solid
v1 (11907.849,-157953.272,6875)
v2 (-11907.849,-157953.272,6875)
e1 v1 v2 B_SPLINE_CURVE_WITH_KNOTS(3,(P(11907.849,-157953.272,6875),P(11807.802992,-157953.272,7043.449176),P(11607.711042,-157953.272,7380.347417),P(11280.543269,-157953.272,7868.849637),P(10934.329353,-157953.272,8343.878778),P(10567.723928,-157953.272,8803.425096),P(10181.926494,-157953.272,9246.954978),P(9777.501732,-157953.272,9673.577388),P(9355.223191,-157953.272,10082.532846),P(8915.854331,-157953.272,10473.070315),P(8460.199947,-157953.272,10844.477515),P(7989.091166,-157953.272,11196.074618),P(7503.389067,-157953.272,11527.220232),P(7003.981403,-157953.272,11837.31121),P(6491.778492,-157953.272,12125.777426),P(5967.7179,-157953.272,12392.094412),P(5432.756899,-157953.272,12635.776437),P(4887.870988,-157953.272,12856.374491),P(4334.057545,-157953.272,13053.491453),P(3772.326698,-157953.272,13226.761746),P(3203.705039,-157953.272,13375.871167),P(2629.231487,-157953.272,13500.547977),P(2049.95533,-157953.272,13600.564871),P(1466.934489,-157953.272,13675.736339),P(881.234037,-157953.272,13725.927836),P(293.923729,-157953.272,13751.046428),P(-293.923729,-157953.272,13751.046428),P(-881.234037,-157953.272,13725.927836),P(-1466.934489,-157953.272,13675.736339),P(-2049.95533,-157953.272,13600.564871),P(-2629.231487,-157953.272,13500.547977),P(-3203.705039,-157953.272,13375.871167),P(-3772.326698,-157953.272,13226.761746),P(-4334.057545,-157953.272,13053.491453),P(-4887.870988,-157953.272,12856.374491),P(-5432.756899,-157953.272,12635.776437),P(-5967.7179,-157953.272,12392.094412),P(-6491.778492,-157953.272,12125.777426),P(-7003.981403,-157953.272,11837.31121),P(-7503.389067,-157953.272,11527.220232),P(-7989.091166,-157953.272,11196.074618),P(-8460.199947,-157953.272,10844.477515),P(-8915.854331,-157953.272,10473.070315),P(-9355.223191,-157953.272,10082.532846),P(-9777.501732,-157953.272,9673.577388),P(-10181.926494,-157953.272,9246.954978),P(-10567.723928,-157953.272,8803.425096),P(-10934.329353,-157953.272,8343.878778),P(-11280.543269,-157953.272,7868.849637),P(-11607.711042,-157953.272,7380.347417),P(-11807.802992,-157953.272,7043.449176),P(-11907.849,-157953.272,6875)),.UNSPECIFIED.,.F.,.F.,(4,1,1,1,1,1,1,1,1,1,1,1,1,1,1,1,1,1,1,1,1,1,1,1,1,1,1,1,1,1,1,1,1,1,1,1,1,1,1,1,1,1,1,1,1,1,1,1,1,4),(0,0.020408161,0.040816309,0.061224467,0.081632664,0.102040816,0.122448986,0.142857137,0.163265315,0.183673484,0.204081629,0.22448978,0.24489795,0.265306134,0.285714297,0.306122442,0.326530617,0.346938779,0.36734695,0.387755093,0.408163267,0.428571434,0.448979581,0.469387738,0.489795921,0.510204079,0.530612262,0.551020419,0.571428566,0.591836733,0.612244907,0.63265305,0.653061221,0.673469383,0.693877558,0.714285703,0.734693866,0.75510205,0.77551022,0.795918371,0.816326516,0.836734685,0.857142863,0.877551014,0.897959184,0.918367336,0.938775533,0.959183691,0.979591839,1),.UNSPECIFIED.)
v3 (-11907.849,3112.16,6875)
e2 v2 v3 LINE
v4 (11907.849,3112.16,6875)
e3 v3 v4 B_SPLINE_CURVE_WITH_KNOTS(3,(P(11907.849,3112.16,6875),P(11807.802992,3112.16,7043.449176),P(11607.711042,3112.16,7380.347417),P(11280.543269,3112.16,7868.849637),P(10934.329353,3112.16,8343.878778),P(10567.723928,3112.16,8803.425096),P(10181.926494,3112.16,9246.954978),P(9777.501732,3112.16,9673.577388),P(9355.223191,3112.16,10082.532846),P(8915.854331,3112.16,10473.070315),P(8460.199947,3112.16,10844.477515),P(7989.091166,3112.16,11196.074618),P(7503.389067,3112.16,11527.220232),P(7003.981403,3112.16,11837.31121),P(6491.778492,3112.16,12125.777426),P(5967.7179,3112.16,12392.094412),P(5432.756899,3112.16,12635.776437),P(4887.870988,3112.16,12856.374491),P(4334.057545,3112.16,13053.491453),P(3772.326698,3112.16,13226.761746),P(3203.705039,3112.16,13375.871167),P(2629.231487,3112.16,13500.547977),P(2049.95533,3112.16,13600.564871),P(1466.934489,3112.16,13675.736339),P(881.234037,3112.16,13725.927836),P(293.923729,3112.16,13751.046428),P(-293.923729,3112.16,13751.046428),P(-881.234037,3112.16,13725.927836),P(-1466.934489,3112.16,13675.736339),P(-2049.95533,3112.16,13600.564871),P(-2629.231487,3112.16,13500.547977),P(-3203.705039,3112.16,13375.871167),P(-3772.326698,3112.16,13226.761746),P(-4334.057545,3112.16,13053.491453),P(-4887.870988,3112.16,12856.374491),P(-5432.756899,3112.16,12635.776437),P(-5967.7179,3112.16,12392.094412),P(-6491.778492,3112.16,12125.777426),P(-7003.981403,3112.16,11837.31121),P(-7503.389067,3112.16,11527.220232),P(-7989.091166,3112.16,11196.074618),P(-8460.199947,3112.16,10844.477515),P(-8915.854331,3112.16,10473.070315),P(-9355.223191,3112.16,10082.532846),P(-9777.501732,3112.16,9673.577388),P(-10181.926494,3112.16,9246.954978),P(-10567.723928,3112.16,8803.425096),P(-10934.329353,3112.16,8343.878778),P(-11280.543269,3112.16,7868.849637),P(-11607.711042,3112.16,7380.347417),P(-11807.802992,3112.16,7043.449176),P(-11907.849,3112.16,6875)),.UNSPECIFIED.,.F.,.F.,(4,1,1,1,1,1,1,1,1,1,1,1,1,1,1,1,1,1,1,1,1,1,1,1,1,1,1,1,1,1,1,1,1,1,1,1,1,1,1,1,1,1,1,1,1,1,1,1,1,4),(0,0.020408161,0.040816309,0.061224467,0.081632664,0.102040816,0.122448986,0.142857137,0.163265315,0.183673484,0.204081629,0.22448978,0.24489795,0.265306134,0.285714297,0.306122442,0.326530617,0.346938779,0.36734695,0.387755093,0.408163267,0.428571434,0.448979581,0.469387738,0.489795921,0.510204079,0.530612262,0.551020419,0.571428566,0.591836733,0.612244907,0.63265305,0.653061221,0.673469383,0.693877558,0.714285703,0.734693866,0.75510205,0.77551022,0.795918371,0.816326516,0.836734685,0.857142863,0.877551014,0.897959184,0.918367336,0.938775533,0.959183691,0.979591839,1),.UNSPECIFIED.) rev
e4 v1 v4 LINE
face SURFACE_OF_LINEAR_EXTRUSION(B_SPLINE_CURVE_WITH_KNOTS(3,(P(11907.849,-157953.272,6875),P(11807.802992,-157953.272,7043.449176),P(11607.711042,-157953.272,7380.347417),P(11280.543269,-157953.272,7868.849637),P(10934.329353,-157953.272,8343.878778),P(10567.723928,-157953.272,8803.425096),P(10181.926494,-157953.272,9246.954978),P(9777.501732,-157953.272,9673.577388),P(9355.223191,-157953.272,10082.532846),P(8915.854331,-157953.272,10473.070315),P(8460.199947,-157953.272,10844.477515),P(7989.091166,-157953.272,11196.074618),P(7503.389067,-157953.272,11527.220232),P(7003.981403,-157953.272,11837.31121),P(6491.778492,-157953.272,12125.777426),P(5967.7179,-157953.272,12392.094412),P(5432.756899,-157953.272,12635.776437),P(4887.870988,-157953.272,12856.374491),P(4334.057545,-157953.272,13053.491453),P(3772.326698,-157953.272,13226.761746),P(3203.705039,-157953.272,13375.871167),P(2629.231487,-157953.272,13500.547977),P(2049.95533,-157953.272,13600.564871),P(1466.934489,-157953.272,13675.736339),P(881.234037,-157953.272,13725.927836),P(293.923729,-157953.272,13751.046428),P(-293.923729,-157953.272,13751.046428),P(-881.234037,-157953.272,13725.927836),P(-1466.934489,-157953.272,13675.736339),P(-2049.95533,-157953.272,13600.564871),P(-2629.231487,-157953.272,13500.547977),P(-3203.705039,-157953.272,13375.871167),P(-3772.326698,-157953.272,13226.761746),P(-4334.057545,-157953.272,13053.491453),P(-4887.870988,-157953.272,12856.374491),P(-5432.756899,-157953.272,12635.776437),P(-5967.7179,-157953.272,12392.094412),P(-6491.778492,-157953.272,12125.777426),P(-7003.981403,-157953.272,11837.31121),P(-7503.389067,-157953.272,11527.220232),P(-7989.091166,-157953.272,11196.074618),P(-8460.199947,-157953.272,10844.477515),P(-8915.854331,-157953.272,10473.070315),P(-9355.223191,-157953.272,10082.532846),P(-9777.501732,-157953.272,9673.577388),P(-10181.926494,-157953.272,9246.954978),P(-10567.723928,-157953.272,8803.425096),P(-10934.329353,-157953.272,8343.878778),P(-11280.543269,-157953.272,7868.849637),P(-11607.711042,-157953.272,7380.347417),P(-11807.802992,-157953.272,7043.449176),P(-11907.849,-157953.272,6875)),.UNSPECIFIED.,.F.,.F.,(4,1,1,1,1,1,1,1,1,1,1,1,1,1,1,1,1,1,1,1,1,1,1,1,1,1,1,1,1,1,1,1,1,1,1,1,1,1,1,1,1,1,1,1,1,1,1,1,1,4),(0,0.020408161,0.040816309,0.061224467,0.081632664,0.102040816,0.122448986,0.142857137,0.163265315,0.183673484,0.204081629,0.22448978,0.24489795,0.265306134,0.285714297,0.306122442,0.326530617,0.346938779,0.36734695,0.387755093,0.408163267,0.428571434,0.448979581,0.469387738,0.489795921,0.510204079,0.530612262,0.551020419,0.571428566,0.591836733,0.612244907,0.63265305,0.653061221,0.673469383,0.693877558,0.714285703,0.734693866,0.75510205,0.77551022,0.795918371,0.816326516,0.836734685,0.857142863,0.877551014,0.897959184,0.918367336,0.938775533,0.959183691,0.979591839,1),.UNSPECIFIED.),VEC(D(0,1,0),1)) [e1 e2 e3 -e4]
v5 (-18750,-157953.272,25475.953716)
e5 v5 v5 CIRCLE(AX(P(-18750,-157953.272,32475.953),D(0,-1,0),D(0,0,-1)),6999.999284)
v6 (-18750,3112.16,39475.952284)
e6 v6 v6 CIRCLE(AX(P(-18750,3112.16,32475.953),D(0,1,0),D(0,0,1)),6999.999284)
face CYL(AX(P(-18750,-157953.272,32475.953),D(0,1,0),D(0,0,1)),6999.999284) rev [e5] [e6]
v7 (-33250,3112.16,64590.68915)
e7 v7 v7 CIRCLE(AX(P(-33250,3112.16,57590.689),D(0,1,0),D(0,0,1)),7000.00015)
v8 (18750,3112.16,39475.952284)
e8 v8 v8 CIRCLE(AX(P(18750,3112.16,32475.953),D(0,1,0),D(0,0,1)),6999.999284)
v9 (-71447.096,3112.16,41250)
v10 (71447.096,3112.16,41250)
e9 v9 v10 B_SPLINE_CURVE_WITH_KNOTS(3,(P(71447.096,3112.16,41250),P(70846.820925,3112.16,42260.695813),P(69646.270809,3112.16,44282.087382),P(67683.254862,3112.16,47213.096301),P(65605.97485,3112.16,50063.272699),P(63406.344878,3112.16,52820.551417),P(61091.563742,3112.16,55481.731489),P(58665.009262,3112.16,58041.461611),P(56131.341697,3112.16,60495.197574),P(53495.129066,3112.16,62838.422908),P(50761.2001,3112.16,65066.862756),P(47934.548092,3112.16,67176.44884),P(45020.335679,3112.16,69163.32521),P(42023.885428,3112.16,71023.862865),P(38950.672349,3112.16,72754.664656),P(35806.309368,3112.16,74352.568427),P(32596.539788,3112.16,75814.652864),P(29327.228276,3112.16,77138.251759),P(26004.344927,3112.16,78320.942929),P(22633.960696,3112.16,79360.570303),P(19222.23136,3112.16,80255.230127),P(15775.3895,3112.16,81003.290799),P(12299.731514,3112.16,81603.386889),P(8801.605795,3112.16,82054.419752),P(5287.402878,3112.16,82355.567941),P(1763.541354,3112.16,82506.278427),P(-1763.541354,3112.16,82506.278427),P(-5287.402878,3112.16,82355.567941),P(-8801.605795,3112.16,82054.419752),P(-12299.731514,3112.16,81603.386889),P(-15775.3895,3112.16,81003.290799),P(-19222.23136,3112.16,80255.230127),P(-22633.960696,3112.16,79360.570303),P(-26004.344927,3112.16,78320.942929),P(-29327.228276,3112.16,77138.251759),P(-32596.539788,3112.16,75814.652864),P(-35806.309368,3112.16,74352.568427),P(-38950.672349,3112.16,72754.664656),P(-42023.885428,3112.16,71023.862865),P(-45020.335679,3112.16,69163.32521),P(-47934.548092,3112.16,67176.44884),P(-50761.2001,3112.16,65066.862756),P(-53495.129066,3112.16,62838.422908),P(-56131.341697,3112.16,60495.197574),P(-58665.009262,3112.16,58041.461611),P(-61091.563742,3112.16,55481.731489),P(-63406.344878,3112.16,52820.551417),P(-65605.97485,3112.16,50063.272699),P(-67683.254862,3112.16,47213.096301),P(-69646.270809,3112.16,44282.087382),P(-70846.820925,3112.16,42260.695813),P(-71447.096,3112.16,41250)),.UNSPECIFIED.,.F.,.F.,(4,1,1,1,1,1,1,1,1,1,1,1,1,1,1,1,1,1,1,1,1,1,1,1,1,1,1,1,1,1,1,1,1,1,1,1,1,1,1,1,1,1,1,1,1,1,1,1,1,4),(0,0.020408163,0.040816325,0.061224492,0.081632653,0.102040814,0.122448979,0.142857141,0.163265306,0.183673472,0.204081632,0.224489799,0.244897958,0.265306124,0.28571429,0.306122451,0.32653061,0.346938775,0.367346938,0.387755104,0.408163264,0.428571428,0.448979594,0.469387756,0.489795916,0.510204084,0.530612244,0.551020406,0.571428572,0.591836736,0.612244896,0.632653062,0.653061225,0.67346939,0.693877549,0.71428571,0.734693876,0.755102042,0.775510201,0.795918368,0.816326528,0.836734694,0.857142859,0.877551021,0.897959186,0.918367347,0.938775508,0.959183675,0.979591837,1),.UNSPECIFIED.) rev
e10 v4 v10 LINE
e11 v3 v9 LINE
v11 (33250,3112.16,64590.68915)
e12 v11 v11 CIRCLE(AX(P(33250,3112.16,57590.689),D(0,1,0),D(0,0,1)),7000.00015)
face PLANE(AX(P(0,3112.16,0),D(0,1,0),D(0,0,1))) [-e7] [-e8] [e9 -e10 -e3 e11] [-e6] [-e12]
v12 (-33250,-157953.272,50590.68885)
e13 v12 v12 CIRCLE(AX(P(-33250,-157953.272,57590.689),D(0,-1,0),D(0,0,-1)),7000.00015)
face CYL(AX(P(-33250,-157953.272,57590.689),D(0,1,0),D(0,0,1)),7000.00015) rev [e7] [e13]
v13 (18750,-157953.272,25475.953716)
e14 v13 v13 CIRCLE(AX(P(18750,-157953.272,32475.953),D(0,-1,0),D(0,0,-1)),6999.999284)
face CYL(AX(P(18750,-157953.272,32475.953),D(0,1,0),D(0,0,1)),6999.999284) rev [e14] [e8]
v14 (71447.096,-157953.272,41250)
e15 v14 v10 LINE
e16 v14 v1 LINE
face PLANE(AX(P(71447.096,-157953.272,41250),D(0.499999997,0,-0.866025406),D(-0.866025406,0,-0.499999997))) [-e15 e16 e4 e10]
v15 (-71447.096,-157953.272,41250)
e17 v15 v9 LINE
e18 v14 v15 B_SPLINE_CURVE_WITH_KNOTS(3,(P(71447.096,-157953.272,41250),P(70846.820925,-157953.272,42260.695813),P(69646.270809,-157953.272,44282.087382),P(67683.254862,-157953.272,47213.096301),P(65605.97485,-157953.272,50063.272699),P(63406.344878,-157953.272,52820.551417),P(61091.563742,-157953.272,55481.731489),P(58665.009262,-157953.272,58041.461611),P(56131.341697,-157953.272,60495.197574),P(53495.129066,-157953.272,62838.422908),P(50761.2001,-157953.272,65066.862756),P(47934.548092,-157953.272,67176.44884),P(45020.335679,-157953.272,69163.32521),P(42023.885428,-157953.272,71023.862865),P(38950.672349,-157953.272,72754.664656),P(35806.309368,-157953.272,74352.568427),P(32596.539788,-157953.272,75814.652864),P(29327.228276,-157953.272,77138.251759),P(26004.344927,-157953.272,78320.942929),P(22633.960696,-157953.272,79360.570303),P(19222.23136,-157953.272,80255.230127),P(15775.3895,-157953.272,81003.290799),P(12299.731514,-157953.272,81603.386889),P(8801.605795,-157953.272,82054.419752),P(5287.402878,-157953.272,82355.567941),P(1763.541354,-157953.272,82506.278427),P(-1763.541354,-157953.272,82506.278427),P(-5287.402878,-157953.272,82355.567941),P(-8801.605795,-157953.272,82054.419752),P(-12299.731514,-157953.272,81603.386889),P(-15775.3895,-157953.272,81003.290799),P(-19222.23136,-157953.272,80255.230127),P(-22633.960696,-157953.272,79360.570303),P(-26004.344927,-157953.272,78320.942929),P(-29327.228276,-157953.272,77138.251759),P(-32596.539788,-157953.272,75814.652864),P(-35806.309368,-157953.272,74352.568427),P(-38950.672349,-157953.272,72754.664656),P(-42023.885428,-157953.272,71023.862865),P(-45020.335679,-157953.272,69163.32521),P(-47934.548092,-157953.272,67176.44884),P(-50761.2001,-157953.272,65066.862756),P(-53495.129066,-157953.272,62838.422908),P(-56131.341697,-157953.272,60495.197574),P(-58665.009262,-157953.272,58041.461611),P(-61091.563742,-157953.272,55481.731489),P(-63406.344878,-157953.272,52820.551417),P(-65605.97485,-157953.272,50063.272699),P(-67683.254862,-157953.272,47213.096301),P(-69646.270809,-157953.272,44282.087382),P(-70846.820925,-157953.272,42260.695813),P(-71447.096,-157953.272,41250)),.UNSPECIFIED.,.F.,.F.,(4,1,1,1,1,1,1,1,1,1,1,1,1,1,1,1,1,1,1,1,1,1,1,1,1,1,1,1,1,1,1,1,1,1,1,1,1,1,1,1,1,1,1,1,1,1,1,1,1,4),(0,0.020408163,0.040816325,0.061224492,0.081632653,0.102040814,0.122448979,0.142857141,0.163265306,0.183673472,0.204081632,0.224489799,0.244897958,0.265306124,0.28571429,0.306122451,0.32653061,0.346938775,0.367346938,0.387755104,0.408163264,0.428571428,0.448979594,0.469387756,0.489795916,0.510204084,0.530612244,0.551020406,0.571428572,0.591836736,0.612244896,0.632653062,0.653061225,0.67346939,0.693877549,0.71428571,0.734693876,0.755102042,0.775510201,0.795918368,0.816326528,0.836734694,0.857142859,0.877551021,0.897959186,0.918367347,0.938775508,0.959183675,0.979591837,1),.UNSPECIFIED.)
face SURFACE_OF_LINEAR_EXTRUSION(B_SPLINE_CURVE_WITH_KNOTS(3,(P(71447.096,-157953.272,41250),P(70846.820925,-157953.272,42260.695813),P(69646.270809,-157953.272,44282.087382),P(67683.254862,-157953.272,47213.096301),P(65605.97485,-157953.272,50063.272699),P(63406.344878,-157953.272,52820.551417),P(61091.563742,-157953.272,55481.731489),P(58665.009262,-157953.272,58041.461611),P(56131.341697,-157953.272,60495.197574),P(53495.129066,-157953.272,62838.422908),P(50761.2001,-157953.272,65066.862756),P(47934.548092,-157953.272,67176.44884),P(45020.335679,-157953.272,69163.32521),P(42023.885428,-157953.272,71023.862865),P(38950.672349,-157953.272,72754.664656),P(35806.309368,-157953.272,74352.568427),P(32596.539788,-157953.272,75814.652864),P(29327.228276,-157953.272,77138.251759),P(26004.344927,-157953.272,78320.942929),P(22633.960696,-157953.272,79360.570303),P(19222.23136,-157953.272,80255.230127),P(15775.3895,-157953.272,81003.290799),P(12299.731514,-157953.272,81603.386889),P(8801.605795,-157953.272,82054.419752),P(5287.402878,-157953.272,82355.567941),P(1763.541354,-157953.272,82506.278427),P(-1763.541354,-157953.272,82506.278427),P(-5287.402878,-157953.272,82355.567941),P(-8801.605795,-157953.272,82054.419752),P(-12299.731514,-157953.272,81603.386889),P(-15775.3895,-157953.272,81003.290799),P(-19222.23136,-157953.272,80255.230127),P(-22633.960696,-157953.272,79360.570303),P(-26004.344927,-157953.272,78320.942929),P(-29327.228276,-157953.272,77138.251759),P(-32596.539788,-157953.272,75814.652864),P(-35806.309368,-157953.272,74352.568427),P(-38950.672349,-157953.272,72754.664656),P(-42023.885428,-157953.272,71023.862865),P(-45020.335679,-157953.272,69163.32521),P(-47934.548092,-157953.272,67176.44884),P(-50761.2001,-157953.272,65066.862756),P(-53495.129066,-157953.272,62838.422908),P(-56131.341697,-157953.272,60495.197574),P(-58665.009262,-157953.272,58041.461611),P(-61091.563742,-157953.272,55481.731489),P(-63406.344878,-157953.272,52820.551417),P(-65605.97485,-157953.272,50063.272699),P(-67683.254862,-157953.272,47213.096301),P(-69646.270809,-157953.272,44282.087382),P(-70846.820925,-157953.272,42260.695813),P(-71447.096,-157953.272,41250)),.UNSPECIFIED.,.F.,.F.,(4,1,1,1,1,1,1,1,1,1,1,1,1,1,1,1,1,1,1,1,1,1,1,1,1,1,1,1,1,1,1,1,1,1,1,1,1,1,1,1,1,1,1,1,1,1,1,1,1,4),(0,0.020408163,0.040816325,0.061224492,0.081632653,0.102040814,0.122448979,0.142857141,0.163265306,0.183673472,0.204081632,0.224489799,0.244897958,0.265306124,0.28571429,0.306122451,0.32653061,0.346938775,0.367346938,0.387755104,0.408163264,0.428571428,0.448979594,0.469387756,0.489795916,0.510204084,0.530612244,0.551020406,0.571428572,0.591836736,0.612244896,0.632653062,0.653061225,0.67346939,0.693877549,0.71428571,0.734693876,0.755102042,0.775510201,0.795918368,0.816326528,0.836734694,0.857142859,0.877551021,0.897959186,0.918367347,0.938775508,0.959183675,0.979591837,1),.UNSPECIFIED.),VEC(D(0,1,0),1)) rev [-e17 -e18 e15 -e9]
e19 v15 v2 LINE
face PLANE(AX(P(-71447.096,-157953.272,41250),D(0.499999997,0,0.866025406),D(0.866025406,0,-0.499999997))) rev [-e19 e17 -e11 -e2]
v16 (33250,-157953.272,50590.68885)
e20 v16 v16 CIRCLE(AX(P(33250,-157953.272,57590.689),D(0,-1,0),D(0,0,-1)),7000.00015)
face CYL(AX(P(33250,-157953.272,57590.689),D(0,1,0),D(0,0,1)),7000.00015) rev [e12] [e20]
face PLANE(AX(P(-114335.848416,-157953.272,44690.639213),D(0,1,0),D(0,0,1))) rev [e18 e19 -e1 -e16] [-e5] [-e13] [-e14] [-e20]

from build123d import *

# Parameters (mm, degrees)
F_3DSKETCH3_R   = 7000.000150263
F_3DSKETCH3_R_2 = 6999.999284238
EXTRUDE2_DEPTH  = 161065.432


with BuildPart() as part:
    # 3DSketch3 → Extrude2 (new body)
    with BuildSketch(Plane(origin=(-71447.096, -157953.272, 41250), x_dir=(1, 0, 0), z_dir=(0, -1, 0))):
        with BuildLine():
            Line((0, 0), (59539.247, -34375))
            add(Edge.make_bspline(
                [(83354.945, -34375), (83254.8989917, -34206.550823565), (83054.807042075, -33869.652583461), (82727.639268767, -33381.150363429), (82381.425352971, -32906.121222224), (82014.81992767, -32446.574904402), (81629.022493785, -32003.045022411), (81224.59773215, -31576.422611552), (80802.319190872, -31167.467154384), (80362.950330838, -30776.929684835), (79907.295947271, -30405.522485184), (79436.187165688, -30053.925381594), (78950.485066754, -29722.779768258), (78451.077403004, -29412.688789506), (77938.874492313, -29124.222574052), (77414.81390024, -28857.905587985), (76879.852899393, -28614.223563373), (76334.966988152, -28393.625508921), (75781.153545009, -28196.50854725), (75219.422698436, -28023.238254496), (74650.801039393, -27874.128832613), (74076.327487331, -27749.452022579), (73497.051330368, -27649.435128763), (72914.030489352, -27574.263661225), (72328.330037419, -27524.072163585), (71741.019728517, -27498.953572469), (71153.172271483, -27498.953572469), (70565.861962581, -27524.072163585), (69980.161510648, -27574.263661225), (69397.140669632, -27649.435128763), (68817.864512669, -27749.452022579), (68243.390960607, -27874.128832613), (67674.769301564, -28023.238254496), (67113.038454991, -28196.50854725), (66559.225011848, -28393.625508921), (66014.339100607, -28614.223563373), (65479.37809976, -28857.905587985), (64955.317507687, -29124.222574052), (64443.114596996, -29412.688789506), (63943.706933246, -29722.779768258), (63458.004834312, -30053.925381594), (62986.896052729, -30405.522485184), (62531.241669163, -30776.929684835), (62091.872809128, -31167.467154384), (61669.59426785, -31576.422611552), (61265.169506215, -32003.045022411), (60879.37207233, -32446.574904402), (60512.766647029, -32906.121222224), (60166.552731233, -33381.150363429), (59839.384957925, -33869.652583461), (59639.2930083, -34206.550823565), (59539.247, -34375)],
                knots=[0, 0, 0, 0, 0.020408161, 0.040816309, 0.061224467, 0.081632664, 0.102040816, 0.122448986, 0.142857137, 0.163265315, 0.183673484, 0.204081629, 0.22448978, 0.24489795, 0.265306134, 0.285714297, 0.306122442, 0.326530617, 0.346938779, 0.36734695, 0.387755093, 0.408163267, 0.428571434, 0.448979581, 0.469387738, 0.489795921, 0.510204079, 0.530612262, 0.551020419, 0.571428566, 0.591836733, 0.612244907, 0.63265305, 0.653061221, 0.673469383, 0.693877558, 0.714285703, 0.734693866, 0.75510205, 0.77551022, 0.795918371, 0.816326516, 0.836734685, 0.857142863, 0.877551014, 0.897959184, 0.918367336, 0.938775533, 0.959183691, 0.979591839, 1, 1, 1, 1], degree=3))
            Line((83354.945, -34375), (142894.192, 0))
            add(Edge.make_bspline(
                [(142894.192, 0), (142293.916924852, 1010.695813468), (141093.366809055, 3032.087382318), (139130.350862086, 5963.096300934), (137053.070850452, 8813.272698756), (134853.440878433, 11570.551416727), (132538.659742276, 14231.731489293), (130112.105261846, 16791.461611393), (127578.437696539, 19245.19757436), (124942.225066217, 21588.422908126), (122208.296100084, 23816.862756002), (119381.644091761, 25926.448840338), (116467.431679275, 27913.325209541), (113470.98142843, 29773.862864992), (110397.768348819, 31504.664655511), (107253.405368344, 33102.56842666), (104043.635787814, 34564.652864499), (100774.324276087, 35888.251759134), (97451.440926608, 37070.942929143), (94081.056695991, 38110.570302926), (90669.327359854, 39005.230126746), (87222.485500045, 39753.290798711), (83746.827513855, 40353.386889113), (80248.701794922, 40804.419751654), (76734.498878298, 41105.567940775), (73210.637353857, 41256.27842661), (69683.554646143, 41256.27842661), (66159.693121702, 41105.567940775), (62645.490205078, 40804.419751654), (59147.364486145, 40353.386889113), (55671.706499955, 39753.290798711), (52224.864640146, 39005.230126746), (48813.135304009, 38110.570302926), (45442.751073392, 37070.942929143), (42119.867723913, 35888.251759134), (38850.556212186, 34564.652864499), (35640.786631656, 33102.56842666), (32496.423651181, 31504.664655511), (29423.21057157, 29773.862864992), (26426.760320725, 27913.325209541), (23512.547908239, 25926.448840338), (20685.895899916, 23816.862756002), (17951.966933783, 21588.422908126), (15315.754303461, 19245.19757436), (12782.086738154, 16791.461611393), (10355.532257724, 14231.731489293), (8040.751121567, 11570.551416727), (5841.121149548, 8813.272698756), (3763.841137914, 5963.096300934), (1800.825190945, 3032.087382318), (600.275075148, 1010.695813468), (0, 0)],
                knots=[0, 0, 0, 0, 0.020408163, 0.040816325, 0.061224492, 0.081632653, 0.102040814, 0.122448979, 0.142857141, 0.163265306, 0.183673472, 0.204081632, 0.224489799, 0.244897958, 0.265306124, 0.28571429, 0.306122451, 0.32653061, 0.346938775, 0.367346938, 0.387755104, 0.408163264, 0.428571428, 0.448979594, 0.469387756, 0.489795916, 0.510204084, 0.530612244, 0.551020406, 0.571428572, 0.591836736, 0.612244896, 0.632653062, 0.653061225, 0.67346939, 0.693877549, 0.71428571, 0.734693876, 0.755102042, 0.775510201, 0.795918368, 0.816326528, 0.836734694, 0.857142859, 0.877551021, 0.897959186, 0.918367347, 0.938775508, 0.959183675, 0.979591837, 1, 1, 1, 1], degree=3))
        make_face()
        with Locations(Location((104697.096, 16340.689, 0), (0, 0, 90))):
            Circle(F_3DSKETCH3_R, mode=Mode.SUBTRACT)
        with Locations(Location((90197.096, -8774.047, 0), (0, 0, 90))):
            Circle(F_3DSKETCH3_R_2, mode=Mode.SUBTRACT)
        with Locations(Location((52697.096, -8774.047, 0), (0, 0, 90))):
            Circle(F_3DSKETCH3_R_2, mode=Mode.SUBTRACT)
        with Locations(Location((38197.096, 16340.689, 0), (0, 0, 90))):
            Circle(F_3DSKETCH3_R, mode=Mode.SUBTRACT)
    extrude(amount=-EXTRUDE2_DEPTH)


solid = part.part
